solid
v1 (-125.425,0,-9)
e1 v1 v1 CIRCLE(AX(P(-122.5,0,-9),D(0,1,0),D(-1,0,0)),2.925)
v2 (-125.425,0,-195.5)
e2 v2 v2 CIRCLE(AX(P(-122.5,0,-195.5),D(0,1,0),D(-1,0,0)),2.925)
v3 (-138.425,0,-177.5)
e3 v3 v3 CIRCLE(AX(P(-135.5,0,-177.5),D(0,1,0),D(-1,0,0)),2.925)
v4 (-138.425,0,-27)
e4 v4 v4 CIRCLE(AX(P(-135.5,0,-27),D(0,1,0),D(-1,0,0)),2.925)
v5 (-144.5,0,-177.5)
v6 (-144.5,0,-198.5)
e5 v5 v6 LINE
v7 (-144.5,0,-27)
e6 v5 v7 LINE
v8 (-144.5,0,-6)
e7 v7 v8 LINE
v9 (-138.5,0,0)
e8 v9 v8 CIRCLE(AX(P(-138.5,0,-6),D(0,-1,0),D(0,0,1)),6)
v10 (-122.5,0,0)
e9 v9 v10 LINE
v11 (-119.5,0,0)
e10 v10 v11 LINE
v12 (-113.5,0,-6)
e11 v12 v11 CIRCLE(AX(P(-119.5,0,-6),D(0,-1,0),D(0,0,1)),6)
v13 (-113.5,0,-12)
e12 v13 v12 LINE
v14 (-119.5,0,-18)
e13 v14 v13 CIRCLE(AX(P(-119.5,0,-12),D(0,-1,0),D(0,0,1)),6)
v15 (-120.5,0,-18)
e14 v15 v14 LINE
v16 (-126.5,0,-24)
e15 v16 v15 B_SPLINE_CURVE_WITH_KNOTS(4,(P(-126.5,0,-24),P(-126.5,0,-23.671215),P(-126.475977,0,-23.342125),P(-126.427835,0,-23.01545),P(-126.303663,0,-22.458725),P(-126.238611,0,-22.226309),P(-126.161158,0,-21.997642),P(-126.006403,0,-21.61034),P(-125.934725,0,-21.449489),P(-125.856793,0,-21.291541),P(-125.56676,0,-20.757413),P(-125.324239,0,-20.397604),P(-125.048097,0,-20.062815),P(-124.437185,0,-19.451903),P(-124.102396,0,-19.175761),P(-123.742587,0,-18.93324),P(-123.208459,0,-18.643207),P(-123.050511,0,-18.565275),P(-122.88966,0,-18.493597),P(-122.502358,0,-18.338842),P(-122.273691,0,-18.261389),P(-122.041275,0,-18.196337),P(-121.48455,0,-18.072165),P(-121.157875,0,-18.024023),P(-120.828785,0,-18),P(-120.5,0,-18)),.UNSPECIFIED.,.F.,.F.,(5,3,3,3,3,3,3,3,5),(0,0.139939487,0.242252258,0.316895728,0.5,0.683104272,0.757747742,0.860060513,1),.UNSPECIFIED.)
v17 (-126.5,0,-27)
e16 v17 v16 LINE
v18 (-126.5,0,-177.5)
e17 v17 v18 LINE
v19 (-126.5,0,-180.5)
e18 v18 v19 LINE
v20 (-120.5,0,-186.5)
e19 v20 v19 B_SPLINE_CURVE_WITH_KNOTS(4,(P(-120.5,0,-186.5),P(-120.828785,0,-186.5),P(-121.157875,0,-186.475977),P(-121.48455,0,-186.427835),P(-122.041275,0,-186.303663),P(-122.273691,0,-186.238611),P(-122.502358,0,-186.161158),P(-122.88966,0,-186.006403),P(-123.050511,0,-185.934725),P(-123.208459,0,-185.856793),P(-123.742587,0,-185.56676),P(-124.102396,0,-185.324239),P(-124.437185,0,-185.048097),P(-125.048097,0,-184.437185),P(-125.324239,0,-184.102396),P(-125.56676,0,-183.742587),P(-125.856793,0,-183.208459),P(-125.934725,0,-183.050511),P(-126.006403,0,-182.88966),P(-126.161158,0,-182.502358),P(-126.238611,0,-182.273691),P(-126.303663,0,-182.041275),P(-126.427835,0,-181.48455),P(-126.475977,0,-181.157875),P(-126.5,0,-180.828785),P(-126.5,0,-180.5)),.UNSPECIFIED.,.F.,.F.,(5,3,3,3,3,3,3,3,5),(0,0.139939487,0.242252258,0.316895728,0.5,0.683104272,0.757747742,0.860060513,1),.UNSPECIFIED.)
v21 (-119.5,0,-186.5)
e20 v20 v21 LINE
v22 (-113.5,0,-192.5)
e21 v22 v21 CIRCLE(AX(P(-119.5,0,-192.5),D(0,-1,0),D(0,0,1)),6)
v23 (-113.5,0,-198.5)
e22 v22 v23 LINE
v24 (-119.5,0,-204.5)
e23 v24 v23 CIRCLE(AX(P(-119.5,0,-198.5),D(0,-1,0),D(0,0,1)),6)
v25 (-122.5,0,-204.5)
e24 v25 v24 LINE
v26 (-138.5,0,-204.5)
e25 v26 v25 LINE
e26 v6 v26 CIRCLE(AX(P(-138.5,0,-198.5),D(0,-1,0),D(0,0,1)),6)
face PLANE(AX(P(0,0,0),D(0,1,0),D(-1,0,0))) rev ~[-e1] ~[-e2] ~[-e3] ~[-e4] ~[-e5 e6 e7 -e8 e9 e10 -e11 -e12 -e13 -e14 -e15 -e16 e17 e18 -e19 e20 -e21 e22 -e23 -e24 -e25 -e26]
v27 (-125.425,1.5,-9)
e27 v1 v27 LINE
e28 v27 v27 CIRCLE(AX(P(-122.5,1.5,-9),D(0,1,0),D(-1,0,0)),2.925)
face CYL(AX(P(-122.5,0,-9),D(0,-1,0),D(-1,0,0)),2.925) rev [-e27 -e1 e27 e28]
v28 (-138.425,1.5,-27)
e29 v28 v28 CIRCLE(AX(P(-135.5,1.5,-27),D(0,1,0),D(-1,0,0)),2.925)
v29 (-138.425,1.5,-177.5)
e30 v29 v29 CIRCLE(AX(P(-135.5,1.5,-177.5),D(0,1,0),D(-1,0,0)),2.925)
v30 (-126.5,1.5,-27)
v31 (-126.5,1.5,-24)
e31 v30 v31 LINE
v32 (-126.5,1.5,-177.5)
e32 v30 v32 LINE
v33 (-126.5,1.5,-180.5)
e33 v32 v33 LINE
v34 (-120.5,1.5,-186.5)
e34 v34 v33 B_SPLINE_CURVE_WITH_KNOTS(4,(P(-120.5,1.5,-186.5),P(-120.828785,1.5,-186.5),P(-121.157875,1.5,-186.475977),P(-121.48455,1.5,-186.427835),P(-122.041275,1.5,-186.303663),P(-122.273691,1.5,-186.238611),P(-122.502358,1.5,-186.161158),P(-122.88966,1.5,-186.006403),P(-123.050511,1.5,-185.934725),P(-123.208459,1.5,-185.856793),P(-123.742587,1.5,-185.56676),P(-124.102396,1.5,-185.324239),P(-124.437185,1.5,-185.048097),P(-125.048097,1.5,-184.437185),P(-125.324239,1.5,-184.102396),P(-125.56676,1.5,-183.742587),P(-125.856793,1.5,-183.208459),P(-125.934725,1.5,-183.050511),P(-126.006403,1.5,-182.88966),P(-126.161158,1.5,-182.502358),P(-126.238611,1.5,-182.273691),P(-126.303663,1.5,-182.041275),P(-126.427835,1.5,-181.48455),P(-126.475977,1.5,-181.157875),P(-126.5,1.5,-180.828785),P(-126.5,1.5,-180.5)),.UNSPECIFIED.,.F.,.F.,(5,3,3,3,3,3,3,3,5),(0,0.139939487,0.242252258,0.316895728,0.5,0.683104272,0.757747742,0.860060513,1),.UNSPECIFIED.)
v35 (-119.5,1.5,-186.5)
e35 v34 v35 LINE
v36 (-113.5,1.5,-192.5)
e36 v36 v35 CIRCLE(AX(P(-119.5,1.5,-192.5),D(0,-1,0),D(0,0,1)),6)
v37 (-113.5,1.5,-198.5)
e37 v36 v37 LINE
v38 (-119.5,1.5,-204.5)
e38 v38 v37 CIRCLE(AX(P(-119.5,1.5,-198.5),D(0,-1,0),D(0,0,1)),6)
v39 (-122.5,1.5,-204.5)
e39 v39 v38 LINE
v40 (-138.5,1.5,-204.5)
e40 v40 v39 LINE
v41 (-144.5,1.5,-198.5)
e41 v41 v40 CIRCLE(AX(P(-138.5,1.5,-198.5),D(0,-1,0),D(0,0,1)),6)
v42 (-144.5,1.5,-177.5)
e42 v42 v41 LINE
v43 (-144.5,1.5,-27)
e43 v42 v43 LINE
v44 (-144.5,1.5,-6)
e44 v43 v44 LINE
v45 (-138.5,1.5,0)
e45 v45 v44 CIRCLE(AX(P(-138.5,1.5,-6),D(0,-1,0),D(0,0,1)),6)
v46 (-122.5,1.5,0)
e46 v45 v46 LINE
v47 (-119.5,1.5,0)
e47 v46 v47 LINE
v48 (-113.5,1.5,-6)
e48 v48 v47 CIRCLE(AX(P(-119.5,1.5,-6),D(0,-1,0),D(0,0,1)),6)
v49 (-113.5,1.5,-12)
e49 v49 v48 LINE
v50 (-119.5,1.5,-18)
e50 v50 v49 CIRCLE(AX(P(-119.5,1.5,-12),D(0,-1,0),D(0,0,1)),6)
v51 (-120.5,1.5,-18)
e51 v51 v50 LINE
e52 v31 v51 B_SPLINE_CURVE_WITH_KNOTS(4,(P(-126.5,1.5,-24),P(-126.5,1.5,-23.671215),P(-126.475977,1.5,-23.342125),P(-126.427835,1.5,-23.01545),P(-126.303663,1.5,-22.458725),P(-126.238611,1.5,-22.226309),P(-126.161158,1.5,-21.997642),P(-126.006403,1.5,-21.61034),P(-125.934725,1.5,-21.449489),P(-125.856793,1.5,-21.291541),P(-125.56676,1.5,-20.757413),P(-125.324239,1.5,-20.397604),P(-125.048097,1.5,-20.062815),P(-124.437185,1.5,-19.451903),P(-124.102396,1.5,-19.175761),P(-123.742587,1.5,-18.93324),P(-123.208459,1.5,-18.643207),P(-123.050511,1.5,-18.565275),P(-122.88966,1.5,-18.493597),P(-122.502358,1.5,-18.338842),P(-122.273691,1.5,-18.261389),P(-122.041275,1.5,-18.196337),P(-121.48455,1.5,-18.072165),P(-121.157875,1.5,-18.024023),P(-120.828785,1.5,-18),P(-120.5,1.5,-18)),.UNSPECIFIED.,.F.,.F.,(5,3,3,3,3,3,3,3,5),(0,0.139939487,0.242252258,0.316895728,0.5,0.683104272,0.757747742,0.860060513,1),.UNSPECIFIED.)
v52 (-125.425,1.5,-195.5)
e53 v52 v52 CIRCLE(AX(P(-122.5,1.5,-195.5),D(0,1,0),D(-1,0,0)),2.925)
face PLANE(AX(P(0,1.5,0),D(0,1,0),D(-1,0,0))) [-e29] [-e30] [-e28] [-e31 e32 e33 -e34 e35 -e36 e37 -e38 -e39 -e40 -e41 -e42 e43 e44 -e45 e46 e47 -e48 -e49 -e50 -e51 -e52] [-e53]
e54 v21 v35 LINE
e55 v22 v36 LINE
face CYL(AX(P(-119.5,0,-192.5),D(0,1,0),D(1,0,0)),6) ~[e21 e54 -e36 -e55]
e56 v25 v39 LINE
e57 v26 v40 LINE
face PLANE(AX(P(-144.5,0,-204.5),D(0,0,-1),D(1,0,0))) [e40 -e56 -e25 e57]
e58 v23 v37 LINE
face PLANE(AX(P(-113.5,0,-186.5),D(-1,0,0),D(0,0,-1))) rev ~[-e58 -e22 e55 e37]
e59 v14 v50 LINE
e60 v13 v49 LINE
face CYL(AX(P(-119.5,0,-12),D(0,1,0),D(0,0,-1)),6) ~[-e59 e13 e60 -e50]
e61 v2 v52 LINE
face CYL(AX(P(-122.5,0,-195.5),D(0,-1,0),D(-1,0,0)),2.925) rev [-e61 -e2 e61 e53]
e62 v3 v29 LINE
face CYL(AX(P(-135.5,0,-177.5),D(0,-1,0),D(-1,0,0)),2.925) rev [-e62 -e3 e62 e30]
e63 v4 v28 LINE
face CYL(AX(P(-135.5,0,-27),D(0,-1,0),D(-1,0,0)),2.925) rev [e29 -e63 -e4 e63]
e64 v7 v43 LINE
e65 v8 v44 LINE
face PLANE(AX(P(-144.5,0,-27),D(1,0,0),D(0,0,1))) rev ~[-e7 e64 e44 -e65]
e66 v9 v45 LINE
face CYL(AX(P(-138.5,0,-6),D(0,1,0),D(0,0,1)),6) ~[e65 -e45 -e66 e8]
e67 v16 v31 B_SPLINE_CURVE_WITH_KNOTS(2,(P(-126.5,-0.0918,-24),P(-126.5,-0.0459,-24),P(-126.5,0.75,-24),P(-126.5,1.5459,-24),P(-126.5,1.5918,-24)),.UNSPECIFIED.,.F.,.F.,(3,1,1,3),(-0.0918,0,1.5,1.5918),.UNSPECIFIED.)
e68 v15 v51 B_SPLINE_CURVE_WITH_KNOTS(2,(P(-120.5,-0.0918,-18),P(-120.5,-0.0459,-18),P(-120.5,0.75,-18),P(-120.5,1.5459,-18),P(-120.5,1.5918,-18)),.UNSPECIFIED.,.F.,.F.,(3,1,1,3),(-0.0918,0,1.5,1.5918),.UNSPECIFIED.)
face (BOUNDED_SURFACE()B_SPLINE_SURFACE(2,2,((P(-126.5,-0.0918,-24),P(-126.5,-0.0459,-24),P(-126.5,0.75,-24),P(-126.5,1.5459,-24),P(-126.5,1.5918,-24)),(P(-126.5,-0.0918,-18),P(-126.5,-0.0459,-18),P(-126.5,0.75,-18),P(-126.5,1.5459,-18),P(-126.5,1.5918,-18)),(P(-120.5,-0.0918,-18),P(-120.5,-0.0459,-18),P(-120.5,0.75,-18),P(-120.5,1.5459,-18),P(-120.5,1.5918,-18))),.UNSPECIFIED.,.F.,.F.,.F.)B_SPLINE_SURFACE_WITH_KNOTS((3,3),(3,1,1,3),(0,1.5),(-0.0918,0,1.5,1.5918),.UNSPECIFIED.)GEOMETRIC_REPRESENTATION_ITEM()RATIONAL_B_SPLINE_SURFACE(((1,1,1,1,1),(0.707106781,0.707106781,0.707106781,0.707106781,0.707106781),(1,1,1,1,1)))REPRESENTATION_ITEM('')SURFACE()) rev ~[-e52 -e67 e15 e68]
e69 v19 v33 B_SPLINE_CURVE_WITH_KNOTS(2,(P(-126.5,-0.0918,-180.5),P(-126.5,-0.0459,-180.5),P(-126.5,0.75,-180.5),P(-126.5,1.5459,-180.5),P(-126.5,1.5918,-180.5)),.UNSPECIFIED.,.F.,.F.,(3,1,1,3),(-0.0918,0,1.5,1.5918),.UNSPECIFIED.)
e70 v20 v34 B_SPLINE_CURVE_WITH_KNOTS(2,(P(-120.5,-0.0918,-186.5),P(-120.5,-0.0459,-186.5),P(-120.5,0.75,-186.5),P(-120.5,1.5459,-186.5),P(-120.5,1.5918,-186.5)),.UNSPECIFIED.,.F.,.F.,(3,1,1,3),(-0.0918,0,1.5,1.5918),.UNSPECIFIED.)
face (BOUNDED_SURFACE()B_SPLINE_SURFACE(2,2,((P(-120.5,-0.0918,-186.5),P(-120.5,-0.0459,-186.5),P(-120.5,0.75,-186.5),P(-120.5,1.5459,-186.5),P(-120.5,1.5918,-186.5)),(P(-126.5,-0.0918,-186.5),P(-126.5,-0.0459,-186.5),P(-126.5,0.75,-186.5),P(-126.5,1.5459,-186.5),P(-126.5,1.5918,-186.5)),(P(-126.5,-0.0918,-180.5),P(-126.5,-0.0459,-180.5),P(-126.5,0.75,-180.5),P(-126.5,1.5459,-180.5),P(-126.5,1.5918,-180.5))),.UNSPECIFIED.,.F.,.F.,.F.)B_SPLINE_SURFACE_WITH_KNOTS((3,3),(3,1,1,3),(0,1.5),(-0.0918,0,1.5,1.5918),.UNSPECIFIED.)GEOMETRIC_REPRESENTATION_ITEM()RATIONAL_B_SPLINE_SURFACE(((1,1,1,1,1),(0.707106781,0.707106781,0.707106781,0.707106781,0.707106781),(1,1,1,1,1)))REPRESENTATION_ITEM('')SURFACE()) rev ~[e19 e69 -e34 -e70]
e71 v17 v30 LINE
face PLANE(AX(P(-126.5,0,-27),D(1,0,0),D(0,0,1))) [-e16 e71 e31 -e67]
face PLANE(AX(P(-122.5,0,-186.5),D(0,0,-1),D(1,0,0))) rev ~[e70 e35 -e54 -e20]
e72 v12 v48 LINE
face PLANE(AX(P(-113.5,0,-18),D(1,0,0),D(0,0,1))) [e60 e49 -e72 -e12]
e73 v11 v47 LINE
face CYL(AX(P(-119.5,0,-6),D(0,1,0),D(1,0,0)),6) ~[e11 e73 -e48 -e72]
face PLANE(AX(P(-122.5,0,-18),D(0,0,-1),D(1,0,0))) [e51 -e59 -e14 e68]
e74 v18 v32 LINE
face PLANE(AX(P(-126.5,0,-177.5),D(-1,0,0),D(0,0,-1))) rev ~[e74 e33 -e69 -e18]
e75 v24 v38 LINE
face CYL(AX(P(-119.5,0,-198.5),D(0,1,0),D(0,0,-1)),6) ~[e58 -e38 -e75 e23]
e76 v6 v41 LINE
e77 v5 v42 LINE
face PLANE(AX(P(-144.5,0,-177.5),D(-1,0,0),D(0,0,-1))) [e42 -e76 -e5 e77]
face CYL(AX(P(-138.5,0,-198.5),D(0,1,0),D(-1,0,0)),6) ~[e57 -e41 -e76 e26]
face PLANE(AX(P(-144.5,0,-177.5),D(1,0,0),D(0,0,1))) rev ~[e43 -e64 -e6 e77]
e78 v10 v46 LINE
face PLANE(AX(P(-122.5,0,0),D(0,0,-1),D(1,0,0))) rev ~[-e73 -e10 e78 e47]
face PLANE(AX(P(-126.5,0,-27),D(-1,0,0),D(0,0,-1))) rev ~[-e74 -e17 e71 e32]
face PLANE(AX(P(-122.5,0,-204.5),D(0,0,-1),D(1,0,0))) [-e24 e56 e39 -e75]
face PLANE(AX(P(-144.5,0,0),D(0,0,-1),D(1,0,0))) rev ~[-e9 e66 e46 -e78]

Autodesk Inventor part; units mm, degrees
ref_plane "YZ Plane" through (0, 0, 0) normal (1, 0, 0) x (0, 1, 0)
ref_plane "XZ Plane" through (0, 0, 0) normal (0, 1, 0) x (-1, 0, 0)
ref_plane "XY Plane" through (0, 0, 0) normal (0, 0, 1) x (1, 0, 0)
sketch "Sketch1" plane through (0, 0, 0) normal (0, 1, 0) x (-1, 0, 0)
  line L0 (0, 0) -> (144.5, 0) construction
  line L1 (144.5, 0) -> (144.5, -204.5) construction
  line L2 (144.5, -204.5) -> (0, -204.5) construction
  line L3 (0, -204.5) -> (0, 0) construction
  circle A0 centre (135.5, -27) radius 3 construction
  circle A1 centre (122.5, -9) radius 3 construction
  circle A2 centre (135.5, -177.5) radius 3 construction
  circle A3 centre (122.5, -195.5) radius 3 construction
  circle A4 centre (22, -195.5) radius 3 construction
  circle A5 centre (9, -177.5) radius 3 construction
  circle A6 centre (9, -27) radius 3 construction
  circle A7 centre (22, -9) radius 3 construction
  line L4 (12, -12) -> (132.5, -12) construction
  line L5 (132.5, -12) -> (132.5, -192.5) construction
  line L6 (132.5, -192.5) -> (12, -192.5) construction
  line L7 (12, -192.5) -> (12, -12) construction
  circle A8 centre (22, -9) radius 2.925
  circle A9 centre (9, -27) radius 2.925
  circle A10 centre (122.5, -9) radius 2.925
  circle A11 centre (135.5, -27) radius 2.925
  circle A12 centre (135.5, -177.5) radius 2.925
  circle A13 centre (122.5, -195.5) radius 2.925
  circle A14 centre (22, -195.5) radius 2.925
  circle A15 centre (9, -177.5) radius 2.925
  line L8 (122.5, -9) -> (135.5, -9) construction
  line L9 (135.5, -9) -> (135.5, -27) construction
  line L10 (126.5, -27) -> (126.5, -18)
  line L11 (126.5, -18) -> (122.5, -18)
  line L12 (144.5, -27) -> (144.5, 0)
  line L13 (144.5, 0) -> (122.5, 0)
  line L14 (122.5, -195.5) -> (135.5, -195.5) construction
  line L15 (135.5, -195.5) -> (135.5, -177.5) construction
  line L16 (126.5, -177.5) -> (126.5, -186.5)
  line L17 (126.5, -186.5) -> (122.5, -186.5)
  line L18 (144.5, -177.5) -> (144.5, -204.5)
  line L19 (144.5, -204.5) -> (122.5, -204.5)
  line L20 (126.5, -27) -> (126.5, -177.5)
  line L21 (144.5, -177.5) -> (144.5, -27)
  line L22 (122.5, -9) -> (113.5, -9) construction
  line L23 (122.5, 0) -> (113.5, 0)
  line L24 (122.5, -18) -> (113.5, -18)
  line L25 (113.5, -18) -> (113.5, 0)
  line L26 (122.5, -195.5) -> (113.5, -195.5) construction
  line L27 (122.5, -204.5) -> (113.5, -204.5)
  line L28 (122.5, -186.5) -> (113.5, -186.5)
  line L29 (113.5, -186.5) -> (113.5, -204.5)
  line L30 (75.275, -87.25) -> (69.225, -87.25) construction
  line L31 (69.225, -87.25) -> (69.225, -117.25) construction
  line L32 (69.225, -117.25) -> (75.275, -117.25) construction
  line L33 (75.275, -117.25) -> (75.275, -87.25) construction
  line L34 (75.185, -87.75) -> (73.8621, -87.75)
  line L35 (69.315, -87.75) -> (69.315, -91.25)
  line L36 (69.315, -116.75) -> (70.6379, -116.75)
  line L37 (75.185, -116.75) -> (75.185, -113.25)
  arc A16 (73.8621, -116.75) -> (75.185, -113.25) centre (75.185, -115.25) ccw
  arc A17 (69.315, -113.25) -> (70.6379, -116.75) centre (69.315, -115.25) ccw
  arc A18 (75.185, -91.25) -> (73.8621, -87.75) centre (75.185, -89.25) ccw
  arc A19 (70.6379, -87.75) -> (69.315, -91.25) centre (69.315, -89.25) ccw
  line L38 (69.315, -91.25) -> (69.315, -113.25)
  line L39 (70.6379, -87.75) -> (69.315, -87.75)
  line L40 (73.8621, -87.75) -> (70.6379, -87.75)
  line L41 (75.185, -91.25) -> (75.185, -87.75)
  line L42 (75.185, -113.25) -> (75.185, -91.25)
  line L43 (70.6379, -116.75) -> (73.8621, -116.75)
  line L44 (73.8621, -116.75) -> (75.185, -116.75)
  line L45 (69.315, -113.25) -> (69.315, -116.75)
  arc A20 (69.315, -91.25) -> (70.6379, -87.75) centre (69.315, -89.25) ccw
  arc A21 (73.8621, -87.75) -> (75.185, -91.25) centre (75.185, -89.25) ccw
  arc A22 (75.185, -113.25) -> (73.8621, -116.75) centre (75.185, -115.25) ccw
  arc A23 (70.6379, -116.75) -> (69.315, -113.25) centre (69.315, -115.25) ccw
  point P0 (132.5, -102.25)
  point P1 (144.5, -102.25)
  point P2 (72.25, -12)
  point P3 (72.25, 0)
  point P4 (72.25, -87.25)
  point P5 (75.275, -102.25)
  point P6 (75.185, -102.25)
  point P7 (72.25, -87.75)
  point P8 (75.185, -102.25)
  point P9 (72.25, -87.75)
  dimension "d0" = 144.5
  dimension "d1" = 204.5
  dimension "d2" = 6
  dimension "d3" = 6
  dimension "d4" = 6
  dimension "d5" = 6
  dimension "d6" = 6
  dimension "d7" = 6
  dimension "d8" = 6
  dimension "d9" = 6
  dimension "d10" = 120.5
  dimension "d11" = 180.5
  dimension "d12" = 15
  dimension "d13" = 10
  dimension "d14" = 10
  dimension "d15" = 15
  dimension "d16" = 15
  dimension "d17" = 10
  dimension "d18" = 10
  dimension "d19" = 15
  dimension "d20" = 0.075
  dimension "d21" = 0.075
  dimension "d22" = 0.075
  dimension "d23" = 0.075
  dimension "d24" = 0.075
  dimension "d25" = 0.075
  dimension "d26" = 0.075
  dimension "d27" = 0.075
  dimension "d28" = 9
  dimension "d29" = 9
  dimension "d30" = 9
  dimension "d31" = 9
  dimension "d32" = 9
  dimension "d33" = 9
  dimension "pcbH" = 6.05
  dimension "pcbW" = 30
  dimension "pcbWcut" = 29
  dimension "pcbHcut" = 5.87
  dimension "clearance" = 4
  dimension "d42" = 1.5
  dimension "d43" = 4
  dimension "d44" = 1.5
  dimension "d45" = 1.5
  dimension "d46" = 1.5
  dimension "d47" = 4
  dimension "d48" = 4
extrude "Extrusion1" add sketch "Sketch1" along normal blind 1.5 contours L10 L11 L24 L25 L23 L13 L12 L21 L18 L19 L27 L29 L28 L17 L16 L20
fillet "Fillet1" radius 6 8 edges at (-144.5, 0.75, 0) (-113.5, 0.75, 0) (-113.5, 0.75, -18) (-126.5, 0.75, -18) (-126.5, 0.75, -186.5) (-113.5, 0.75, -186.5) (-113.5, 0.75, -204.5) (-144.5, 0.75, -204.5)
equation "\"d0\" = height"
equation "\"d1\" = width"
equation "\"d2\" = pinD"
equation "\"d3\" = pinD"
equation "\"d4\" = pinD"
equation "\"d5\" = pinD"
equation "\"d6\" = pinD"
equation "\"d7\" = pinD"
equation "\"d8\" = pinD"
equation "\"d9\" = pinD"
equation "\"d10\" = stencilH"
equation "\"d11\" = stencilW"
equation "\"d12\" = cornerW"
equation "\"d13\" = cornerH"
equation "\"d14\" = cornerH"
equation "\"d15\" = cornerW"
equation "\"d16\" = cornerW"
equation "\"d17\" = cornerH"
equation "\"d18\" = cornerH"
equation "\"d19\" = cornerW"
equation "\"d20\" = kerf"
equation "\"d21\" = kerf"
equation "\"d22\" = kerf"
equation "\"d23\" = kerf"
equation "\"d24\" = kerf"
equation "\"d25\" = kerf"
equation "\"d26\" = kerf"
equation "\"d27\" = kerf"
equation "\"d28\" = 1.5 * pinD"
equation "\"d29\" = 1.5 * pinD"
equation "\"d30\" = 1.5 * pinD"
equation "\"d31\" = 1.5 * pinD"
equation "\"d32\" = 1.5 * pinD"
equation "\"d33\" = 1.5 * pinD"
equation "\"d43\" = clearance"
equation "\"d44\" = d42"
equation "\"d45\" = d42"
equation "\"d46\" = d45"
equation "\"d47\" = clearance"
equation "\"d48\" = clearance"
equation "\"d36\" = pinD"
equation "\"height\" = 144.5"
equation "\"width\" = 204.5"
equation "\"pinD\" = 6"
equation "\"stencilH\" = 120.5"
equation "\"stencilW\" = 180.5"
equation "\"cornerW\" = 15"
equation "\"cornerH\" = 10"
equation "\"kerf\" = 0.075"
properties part number "side"
